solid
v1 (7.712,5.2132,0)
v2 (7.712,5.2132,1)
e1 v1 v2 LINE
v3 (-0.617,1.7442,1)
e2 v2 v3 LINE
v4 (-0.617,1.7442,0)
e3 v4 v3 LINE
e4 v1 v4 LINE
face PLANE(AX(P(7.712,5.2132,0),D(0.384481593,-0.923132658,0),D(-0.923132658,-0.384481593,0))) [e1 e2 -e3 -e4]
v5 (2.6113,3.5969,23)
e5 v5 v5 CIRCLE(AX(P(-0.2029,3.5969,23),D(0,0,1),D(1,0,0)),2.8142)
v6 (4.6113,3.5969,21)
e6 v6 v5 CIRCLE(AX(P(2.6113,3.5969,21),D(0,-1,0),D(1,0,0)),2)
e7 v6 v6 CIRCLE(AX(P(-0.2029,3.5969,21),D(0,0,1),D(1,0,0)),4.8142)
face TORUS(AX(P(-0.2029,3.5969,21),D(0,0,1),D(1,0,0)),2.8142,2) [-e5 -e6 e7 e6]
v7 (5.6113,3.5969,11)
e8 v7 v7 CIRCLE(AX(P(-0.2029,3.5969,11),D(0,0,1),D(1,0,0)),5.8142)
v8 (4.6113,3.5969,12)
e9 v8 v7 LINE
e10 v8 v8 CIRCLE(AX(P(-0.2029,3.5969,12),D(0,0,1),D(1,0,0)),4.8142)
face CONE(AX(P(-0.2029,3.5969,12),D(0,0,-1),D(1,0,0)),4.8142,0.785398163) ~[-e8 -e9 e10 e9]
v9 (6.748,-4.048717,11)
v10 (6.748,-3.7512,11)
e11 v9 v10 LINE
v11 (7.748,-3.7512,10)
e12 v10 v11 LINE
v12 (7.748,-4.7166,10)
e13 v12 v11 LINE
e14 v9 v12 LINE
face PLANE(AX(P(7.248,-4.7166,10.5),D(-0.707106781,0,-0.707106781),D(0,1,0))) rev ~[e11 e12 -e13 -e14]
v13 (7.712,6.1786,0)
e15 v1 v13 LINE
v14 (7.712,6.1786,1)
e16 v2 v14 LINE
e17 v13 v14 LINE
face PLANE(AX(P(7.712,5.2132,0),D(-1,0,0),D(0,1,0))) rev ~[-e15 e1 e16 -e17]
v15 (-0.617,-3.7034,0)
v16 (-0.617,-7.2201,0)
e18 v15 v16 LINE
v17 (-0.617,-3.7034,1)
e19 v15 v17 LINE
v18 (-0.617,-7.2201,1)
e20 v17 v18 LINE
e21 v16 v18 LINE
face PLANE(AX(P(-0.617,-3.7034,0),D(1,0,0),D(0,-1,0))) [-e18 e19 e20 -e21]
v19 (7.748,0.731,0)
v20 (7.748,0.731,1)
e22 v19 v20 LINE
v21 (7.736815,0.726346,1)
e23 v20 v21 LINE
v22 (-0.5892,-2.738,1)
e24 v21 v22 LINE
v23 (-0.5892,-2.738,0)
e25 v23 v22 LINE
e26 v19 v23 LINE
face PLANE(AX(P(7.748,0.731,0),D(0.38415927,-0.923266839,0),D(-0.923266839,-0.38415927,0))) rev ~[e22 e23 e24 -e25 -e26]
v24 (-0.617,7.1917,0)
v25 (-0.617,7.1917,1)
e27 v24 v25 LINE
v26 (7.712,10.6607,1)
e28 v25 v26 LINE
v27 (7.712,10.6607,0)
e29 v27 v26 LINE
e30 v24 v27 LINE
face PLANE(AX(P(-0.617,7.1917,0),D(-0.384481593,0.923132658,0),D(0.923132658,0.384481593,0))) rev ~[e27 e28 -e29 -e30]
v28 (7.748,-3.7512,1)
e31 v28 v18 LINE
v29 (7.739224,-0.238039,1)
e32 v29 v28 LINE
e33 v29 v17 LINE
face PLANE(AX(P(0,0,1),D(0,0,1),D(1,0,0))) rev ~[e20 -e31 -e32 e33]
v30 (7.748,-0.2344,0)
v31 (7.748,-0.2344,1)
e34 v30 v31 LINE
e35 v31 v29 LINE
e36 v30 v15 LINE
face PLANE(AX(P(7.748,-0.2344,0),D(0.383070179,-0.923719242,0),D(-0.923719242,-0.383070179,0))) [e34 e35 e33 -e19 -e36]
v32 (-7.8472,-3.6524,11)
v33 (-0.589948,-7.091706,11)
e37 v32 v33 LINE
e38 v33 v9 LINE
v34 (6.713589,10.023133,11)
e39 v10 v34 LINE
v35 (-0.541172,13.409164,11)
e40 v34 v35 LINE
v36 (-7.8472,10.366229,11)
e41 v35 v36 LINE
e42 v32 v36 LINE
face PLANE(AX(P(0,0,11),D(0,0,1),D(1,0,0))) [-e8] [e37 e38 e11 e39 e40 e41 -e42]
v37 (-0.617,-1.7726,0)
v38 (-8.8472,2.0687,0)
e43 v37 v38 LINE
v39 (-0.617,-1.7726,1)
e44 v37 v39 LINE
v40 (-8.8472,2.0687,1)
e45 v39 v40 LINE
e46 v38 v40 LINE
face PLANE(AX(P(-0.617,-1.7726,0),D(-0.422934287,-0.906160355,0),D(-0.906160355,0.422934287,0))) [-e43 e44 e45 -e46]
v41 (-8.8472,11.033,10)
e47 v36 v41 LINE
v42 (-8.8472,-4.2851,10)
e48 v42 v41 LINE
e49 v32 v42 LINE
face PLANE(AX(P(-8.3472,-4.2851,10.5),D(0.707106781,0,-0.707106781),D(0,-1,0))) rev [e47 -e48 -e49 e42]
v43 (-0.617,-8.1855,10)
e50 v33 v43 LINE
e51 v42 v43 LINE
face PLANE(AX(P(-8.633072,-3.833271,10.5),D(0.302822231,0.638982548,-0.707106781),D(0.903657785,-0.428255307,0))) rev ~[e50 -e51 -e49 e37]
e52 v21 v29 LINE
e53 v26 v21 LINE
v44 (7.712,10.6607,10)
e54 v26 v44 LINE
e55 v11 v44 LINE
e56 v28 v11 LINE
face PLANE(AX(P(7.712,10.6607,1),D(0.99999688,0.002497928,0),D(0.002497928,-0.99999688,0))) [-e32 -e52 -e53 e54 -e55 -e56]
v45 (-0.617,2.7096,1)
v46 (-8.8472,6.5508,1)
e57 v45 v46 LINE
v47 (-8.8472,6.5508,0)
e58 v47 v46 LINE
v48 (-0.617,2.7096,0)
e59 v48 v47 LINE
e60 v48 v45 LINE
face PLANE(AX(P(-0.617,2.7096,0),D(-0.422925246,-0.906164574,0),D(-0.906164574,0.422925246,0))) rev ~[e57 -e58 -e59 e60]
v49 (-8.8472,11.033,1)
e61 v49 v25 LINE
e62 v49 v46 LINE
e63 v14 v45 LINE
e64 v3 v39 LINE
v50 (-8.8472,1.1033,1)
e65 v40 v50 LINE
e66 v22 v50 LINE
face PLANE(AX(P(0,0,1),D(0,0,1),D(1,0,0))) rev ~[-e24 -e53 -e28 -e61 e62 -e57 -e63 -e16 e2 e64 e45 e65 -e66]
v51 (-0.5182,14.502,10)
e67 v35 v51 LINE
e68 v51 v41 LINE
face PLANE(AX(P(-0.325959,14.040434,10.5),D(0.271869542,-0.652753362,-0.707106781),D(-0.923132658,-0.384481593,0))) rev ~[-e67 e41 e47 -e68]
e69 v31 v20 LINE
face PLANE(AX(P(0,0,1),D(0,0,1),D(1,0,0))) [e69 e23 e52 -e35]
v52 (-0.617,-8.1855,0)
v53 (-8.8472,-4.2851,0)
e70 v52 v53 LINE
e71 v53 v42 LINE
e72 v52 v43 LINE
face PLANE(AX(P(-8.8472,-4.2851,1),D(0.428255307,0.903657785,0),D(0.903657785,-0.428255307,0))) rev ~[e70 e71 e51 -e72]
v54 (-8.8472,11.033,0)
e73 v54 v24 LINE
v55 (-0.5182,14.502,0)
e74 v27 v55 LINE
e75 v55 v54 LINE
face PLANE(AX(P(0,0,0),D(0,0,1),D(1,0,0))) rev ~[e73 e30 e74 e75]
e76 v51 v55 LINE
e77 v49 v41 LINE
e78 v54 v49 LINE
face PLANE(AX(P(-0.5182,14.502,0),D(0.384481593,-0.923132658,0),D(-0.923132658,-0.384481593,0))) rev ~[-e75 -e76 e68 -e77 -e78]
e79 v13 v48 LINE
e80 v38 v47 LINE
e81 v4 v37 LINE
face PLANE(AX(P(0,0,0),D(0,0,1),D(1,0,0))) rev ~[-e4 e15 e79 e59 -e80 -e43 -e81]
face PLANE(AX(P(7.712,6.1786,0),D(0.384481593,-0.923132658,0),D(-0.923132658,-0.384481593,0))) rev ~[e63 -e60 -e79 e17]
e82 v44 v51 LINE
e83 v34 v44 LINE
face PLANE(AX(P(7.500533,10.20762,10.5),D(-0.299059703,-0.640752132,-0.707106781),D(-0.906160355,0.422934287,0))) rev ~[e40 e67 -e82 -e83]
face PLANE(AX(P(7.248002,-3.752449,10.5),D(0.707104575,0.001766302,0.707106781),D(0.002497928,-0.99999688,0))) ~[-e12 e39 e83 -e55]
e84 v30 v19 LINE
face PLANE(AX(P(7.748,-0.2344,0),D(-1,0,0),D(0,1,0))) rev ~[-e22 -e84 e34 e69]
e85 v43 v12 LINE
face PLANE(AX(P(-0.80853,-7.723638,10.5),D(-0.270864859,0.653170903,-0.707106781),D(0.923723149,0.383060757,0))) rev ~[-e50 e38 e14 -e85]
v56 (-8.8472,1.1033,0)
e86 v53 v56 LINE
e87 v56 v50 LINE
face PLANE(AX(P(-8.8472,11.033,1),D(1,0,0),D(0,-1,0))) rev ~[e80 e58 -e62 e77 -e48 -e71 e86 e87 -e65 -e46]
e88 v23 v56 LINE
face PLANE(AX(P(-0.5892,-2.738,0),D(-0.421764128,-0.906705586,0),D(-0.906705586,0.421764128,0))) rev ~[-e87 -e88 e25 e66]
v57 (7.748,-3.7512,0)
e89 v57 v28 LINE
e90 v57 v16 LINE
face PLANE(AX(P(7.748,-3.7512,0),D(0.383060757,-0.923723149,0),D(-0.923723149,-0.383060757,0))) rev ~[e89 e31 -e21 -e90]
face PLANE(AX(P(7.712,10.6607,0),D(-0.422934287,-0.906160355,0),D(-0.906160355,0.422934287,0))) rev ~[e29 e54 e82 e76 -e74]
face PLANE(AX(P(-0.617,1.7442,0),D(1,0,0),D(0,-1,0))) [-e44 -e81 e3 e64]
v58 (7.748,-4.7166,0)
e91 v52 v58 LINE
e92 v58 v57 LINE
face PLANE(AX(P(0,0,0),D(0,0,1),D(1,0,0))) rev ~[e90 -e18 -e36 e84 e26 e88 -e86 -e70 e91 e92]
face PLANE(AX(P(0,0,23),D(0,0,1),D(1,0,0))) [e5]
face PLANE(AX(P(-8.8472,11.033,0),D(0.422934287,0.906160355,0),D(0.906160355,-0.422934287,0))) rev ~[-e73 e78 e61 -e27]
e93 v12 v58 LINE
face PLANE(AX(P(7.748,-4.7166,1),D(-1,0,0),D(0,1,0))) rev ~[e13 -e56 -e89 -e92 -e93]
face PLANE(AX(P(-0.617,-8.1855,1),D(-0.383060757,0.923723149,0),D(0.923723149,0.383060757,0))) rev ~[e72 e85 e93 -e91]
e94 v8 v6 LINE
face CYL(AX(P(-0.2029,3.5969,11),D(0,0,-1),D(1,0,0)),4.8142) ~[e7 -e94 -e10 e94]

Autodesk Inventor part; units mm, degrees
ref_plane "YZ Plane" through (0, 0, 0) normal (1, 0, 0) x (0, 1, 0)
ref_plane "XZ Plane" through (0, 0, 0) normal (0, 1, 0) x (-1, 0, 0)
ref_plane "XY Plane" through (0, 0, 0) normal (0, 0, 1) x (1, 0, 0)
sketch "Sketch1" plane through (0, 0, 0) normal (0, 0, 1) x (1, 0, 0)
  line L0 (7.712, 5.2132) -> (7.712, 6.1786)
  line L1 (7.712, 5.2132) -> (-0.617, 1.7442)
  line L2 (7.712, 6.1786) -> (-0.617, 2.7096)
  line L3 (-0.617, 7.1917) -> (7.712, 10.6607)
  line L4 (7.712, 10.6607) -> (-0.5182, 14.502)
  line L5 (-8.8472, 2.0687) -> (-8.8472, 6.5508)
  line L6 (-8.8472, 11.033) -> (-0.617, 7.1917)
  line L7 (-0.5182, 14.502) -> (-8.8472, 11.033)
  line L8 (-0.617, 2.7096) -> (-8.8472, 6.5508)
  line L9 (7.748, -0.2344) -> (7.748, 0.731)
  line L10 (-0.617, 1.7442) -> (-0.617, -1.7726)
  line L11 (7.748, 0.731) -> (-0.5892, -2.738)
  line L12 (7.748, -0.2344) -> (-0.617, -3.7034)
  line L13 (-0.617, -1.7726) -> (-8.8472, 2.0687)
  line L14 (-0.5892, -2.738) -> (-8.8472, 1.1033)
  line L15 (-8.8472, -4.2851) -> (-8.8472, 1.1033)
  line L16 (7.748, -4.7166) -> (7.748, -3.7512)
  line L17 (7.748, -3.7512) -> (-0.617, -7.2201)
  line L18 (-0.617, -8.1855) -> (7.748, -4.7166)
  line L19 (-0.617, -3.7034) -> (-0.617, -7.2201)
  line L20 (-0.617, -8.1855) -> (-8.8472, -4.2851)
  point P0 (0, 0)
extrude "Extrusion1" add sketch "Sketch1" along normal blind 1
sketch "Sketch2" plane through (0, 0, 1) normal (0, 0, 1) x (1, 0, 0)
  line L0 (-0.617, 7.1917) -> (7.712, 10.6607) projected
  line L1 (7.712, 10.6607) -> (-0.5182, 14.502) projected
  line L2 (-0.5182, 14.502) -> (-8.8472, 11.033) projected
  line L3 (-8.8472, 11.033) -> (-0.617, 7.1917) projected
  line L4 (7.748, -0.2344) -> (7.748, 0.731) projected
  line L5 (7.748, 0.731) -> (-0.5892, -2.738) projected
  line L6 (-0.5892, -2.738) -> (-8.8472, 1.1033) projected
  line L7 (-8.8472, 1.1033) -> (-8.8472, -4.2851) projected
  line L8 (-8.8472, -4.2851) -> (-0.617, -8.1855) projected
  line L9 (-0.617, -8.1855) -> (7.748, -4.7166) projected
  line L10 (7.748, -4.7166) -> (7.748, -3.7512) projected
  line L11 (7.748, -3.7512) -> (-0.617, -7.2201) projected
  line L12 (-0.617, -7.2201) -> (-0.617, -3.7034) projected
  line L13 (-0.617, -3.7034) -> (7.748, -0.2344) projected
  line L14 (-8.8472, 11.033) -> (-8.8472, 1.1033)
  line L15 (7.712, 10.6607) -> (7.748, -3.7512)
  point P0 (0, 0)
extrude "Extrusion2" add sketch "Sketch2" along normal blind 10 contours L3 L2 L1 L0 | L0 L15 L5 L6 L14 L3 | L15 L13 L12 L11 L10 L9 L8 L7 L6 L5 | L15 L11 L12 L13
sketch "Sketch3" plane through (0, 0, 11) normal (0, 0, 1) x (1, 0, 0)
  circle A0 centre (-0.2029, 3.5969) radius 4.8142
  point P0 (0, 0)
extrude "Extrusion3" add sketch "Sketch3" along normal blind 12
fillet "Fillet1" radius 2 1 edges at (-5.0171, 3.5969, 23)
chamfer "Chamfer1" distance 1 angle 45 7 edges at (-8.8472, 3.374, 11) (-4.7321, -6.2353, 11) (3.5655, -6.451, 11) (7.73, 3.4548, 11) (3.5969, 12.5813, 11) (-4.6827, 12.7675, 11) (-5.0171, 3.5969, 11)
properties part number "stamp"
